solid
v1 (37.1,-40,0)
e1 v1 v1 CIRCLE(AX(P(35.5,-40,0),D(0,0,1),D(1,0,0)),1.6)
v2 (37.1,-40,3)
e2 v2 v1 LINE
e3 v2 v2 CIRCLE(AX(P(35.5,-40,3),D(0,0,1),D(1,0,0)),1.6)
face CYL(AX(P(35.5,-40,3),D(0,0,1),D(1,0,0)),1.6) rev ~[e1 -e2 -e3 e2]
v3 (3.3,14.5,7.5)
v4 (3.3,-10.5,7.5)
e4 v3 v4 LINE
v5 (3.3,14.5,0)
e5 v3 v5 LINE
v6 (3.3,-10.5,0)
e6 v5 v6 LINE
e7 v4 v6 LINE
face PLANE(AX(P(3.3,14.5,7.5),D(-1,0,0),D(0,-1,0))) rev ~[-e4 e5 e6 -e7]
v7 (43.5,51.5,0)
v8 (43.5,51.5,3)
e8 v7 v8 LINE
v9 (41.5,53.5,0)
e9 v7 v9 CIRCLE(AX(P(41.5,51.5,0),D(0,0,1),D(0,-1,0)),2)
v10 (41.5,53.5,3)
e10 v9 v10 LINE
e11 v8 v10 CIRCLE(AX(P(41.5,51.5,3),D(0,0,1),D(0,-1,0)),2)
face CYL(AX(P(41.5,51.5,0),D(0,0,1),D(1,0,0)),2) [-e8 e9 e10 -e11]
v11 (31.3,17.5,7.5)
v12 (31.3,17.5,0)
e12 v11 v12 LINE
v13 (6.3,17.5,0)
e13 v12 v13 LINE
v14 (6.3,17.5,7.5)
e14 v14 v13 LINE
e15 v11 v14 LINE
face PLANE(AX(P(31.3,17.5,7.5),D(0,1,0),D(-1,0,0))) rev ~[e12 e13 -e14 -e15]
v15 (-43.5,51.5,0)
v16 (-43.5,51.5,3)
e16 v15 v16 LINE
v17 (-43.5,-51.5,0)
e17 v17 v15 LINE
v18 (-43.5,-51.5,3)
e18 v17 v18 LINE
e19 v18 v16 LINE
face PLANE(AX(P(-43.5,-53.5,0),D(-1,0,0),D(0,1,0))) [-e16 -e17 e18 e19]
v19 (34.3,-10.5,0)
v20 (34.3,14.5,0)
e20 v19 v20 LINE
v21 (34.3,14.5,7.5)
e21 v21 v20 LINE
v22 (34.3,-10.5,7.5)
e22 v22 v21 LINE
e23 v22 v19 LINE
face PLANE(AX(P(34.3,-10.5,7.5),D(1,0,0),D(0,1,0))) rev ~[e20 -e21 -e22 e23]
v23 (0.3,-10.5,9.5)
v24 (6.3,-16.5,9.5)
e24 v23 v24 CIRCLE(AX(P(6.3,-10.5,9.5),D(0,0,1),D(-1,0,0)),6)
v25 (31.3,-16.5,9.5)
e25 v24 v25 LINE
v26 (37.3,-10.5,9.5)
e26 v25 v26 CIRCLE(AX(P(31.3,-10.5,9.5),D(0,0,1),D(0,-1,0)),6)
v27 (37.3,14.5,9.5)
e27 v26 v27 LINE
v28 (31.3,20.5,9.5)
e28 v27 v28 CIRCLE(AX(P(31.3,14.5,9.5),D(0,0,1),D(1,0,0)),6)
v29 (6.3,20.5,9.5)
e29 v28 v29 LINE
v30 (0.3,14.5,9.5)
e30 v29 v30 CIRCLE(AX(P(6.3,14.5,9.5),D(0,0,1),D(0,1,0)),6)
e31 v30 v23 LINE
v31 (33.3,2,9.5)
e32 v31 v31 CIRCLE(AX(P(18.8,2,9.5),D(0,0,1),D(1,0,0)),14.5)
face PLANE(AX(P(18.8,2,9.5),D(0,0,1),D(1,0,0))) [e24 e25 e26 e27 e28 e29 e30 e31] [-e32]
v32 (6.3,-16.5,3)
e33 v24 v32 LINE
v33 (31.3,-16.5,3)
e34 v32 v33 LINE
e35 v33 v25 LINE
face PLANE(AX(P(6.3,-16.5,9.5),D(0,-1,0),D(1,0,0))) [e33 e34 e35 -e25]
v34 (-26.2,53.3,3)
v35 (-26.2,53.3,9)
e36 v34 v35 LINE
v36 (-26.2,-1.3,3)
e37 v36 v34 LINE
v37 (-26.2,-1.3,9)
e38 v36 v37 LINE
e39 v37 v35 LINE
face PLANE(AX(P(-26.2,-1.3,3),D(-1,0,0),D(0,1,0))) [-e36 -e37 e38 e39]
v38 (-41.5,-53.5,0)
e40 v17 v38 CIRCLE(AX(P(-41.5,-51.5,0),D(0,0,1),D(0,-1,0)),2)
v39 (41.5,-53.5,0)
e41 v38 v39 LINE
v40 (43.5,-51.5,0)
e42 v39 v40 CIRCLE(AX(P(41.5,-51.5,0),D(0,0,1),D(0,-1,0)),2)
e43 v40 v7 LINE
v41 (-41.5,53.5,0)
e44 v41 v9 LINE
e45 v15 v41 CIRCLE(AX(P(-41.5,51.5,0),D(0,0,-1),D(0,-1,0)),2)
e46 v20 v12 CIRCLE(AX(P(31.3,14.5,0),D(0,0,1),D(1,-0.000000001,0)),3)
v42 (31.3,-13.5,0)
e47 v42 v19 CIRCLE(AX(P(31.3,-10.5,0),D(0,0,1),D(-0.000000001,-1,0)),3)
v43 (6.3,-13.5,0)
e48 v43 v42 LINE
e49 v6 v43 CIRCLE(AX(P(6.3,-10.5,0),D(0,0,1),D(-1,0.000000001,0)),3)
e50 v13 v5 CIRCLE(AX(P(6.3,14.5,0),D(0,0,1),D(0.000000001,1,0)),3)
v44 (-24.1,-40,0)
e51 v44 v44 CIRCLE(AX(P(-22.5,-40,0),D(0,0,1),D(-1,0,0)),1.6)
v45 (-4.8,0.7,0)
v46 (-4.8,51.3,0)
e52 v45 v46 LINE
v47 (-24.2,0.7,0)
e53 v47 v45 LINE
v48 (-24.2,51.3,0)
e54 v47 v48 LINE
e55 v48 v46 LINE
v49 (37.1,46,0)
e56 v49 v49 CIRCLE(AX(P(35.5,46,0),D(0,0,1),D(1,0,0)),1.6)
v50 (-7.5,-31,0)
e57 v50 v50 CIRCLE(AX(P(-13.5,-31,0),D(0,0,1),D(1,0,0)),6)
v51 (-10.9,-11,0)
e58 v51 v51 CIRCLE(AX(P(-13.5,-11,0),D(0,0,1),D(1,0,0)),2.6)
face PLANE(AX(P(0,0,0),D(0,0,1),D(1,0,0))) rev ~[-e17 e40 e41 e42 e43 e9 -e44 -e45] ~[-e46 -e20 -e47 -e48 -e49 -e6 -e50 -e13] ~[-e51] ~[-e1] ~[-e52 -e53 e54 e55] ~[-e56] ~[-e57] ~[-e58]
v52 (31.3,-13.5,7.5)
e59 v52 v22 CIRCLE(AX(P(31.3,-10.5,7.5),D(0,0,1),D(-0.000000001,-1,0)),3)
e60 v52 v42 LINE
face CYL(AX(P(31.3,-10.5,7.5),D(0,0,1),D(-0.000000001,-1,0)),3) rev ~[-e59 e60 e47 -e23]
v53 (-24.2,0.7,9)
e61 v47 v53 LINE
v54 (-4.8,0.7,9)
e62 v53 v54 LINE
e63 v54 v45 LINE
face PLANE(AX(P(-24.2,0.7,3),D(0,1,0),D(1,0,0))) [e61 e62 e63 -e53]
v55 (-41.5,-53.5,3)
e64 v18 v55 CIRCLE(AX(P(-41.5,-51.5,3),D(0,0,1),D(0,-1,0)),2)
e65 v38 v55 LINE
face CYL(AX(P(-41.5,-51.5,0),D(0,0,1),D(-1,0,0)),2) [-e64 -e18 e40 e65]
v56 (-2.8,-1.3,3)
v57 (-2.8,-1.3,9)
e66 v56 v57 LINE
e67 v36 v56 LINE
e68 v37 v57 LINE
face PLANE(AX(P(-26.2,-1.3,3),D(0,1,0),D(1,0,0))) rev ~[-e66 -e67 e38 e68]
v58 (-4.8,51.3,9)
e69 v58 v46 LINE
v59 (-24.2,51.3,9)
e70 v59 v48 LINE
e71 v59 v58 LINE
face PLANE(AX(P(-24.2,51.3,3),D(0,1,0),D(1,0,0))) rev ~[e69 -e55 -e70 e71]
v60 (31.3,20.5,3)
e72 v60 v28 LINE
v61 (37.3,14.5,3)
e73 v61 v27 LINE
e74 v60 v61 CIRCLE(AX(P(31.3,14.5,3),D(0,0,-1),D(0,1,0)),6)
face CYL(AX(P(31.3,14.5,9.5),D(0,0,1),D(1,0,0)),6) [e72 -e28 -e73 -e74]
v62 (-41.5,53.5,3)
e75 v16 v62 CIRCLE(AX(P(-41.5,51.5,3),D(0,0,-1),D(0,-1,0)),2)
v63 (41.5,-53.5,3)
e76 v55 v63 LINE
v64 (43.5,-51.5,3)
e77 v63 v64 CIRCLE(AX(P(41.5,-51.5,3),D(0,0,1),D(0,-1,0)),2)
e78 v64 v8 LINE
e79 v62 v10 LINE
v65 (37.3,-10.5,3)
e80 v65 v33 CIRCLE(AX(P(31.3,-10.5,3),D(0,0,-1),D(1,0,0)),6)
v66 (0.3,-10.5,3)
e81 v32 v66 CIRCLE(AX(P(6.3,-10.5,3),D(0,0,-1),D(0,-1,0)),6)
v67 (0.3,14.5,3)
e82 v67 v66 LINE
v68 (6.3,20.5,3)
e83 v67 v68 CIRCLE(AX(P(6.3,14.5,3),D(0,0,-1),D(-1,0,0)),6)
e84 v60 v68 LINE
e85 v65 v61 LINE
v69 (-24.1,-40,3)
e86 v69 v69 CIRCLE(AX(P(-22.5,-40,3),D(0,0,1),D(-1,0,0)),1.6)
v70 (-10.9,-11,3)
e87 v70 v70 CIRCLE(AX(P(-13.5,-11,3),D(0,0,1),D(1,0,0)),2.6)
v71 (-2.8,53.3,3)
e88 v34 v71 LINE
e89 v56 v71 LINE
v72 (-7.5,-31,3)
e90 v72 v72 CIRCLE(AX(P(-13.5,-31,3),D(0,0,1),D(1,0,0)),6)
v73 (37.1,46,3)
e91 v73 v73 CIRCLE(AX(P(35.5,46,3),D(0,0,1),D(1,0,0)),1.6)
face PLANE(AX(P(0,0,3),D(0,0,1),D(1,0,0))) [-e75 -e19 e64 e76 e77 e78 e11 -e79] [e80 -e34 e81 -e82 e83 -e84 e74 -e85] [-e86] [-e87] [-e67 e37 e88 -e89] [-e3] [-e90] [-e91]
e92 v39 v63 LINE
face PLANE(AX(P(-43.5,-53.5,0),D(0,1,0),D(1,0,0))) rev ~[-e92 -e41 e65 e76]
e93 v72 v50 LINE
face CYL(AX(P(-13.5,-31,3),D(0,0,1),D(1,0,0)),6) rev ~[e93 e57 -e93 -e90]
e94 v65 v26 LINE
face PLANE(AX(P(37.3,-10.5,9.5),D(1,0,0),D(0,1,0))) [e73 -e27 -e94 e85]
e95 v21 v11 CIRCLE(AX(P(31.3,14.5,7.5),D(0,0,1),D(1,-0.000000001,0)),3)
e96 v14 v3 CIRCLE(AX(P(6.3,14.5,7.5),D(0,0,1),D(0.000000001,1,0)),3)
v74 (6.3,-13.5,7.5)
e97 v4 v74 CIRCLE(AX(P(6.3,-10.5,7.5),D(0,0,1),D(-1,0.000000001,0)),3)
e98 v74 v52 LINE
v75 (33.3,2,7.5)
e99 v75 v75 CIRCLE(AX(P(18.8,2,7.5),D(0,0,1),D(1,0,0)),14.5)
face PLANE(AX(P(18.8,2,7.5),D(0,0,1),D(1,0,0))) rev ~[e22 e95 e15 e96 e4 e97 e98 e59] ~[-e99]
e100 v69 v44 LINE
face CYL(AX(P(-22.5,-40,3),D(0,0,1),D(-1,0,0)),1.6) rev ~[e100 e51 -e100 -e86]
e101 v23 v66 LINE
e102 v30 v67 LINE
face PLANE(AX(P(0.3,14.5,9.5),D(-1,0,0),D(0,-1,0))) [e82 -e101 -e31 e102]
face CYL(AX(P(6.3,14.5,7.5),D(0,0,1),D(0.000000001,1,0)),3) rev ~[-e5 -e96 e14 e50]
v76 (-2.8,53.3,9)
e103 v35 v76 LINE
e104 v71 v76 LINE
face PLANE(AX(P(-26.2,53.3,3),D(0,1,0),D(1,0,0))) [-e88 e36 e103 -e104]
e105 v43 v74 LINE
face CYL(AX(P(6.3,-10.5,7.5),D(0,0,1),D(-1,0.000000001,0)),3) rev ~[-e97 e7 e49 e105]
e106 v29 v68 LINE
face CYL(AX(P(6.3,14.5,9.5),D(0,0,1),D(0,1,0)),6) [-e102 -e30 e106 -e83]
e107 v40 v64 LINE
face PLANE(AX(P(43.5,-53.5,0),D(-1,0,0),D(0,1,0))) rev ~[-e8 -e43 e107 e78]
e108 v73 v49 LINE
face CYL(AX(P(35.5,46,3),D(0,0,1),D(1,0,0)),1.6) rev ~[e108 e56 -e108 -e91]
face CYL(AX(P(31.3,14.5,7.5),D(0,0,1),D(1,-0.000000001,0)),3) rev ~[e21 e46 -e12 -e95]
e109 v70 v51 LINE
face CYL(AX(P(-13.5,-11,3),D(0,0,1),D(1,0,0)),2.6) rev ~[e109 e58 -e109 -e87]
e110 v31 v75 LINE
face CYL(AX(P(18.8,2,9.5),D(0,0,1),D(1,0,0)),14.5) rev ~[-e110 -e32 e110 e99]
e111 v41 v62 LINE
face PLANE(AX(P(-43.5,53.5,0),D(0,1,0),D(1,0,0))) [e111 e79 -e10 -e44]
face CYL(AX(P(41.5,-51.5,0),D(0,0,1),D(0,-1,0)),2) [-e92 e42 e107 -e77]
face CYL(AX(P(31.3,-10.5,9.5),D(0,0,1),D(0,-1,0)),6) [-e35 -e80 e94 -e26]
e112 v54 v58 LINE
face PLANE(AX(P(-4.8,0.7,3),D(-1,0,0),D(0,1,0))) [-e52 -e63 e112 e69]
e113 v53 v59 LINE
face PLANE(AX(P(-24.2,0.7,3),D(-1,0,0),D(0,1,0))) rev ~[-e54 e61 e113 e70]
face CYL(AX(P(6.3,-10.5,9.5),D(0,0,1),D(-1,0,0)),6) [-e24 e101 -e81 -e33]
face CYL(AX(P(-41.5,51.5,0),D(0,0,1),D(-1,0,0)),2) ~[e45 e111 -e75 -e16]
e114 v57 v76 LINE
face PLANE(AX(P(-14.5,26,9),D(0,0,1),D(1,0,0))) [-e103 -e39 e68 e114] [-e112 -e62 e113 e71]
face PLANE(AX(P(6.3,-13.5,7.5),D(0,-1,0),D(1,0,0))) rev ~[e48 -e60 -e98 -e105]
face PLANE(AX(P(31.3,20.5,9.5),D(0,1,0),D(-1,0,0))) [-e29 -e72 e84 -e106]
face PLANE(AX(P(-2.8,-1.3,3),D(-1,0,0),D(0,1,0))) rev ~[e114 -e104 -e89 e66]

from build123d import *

# Parameters (mm, degrees)
IZIM1_W                 = 87
IZIM1_H                 = 107
TAPA_DEPTH              = 3
REDONDEO1_R             = 2
IZIM3_R                 = 1.6
HUECOSPLACA_DEPTH       = 3
IZIM2_R                 = 1.6
HUECODISIPADOR_DEPTH    = 3
HUECOFAN_DEPTH          = 10
SALIENTE_EXTRUIR4_START = 4.5
SALIENTE_EXTRUIR4_DEPTH = 4.5
SALIENTE_EXTRUIR5_START = -3
CROQUIS8_W              = 37.30700553
CROQUIS8_H              = 38.753013496
SALIENTE_EXTRUIR5_DEPTH = 3
SALIENTE_EXTRUIR6_START = 2
CROQUIS9_R              = 14.5
SALIENTE_EXTRUIR6_DEPTH = 2
CROQUIS10_R             = 2.6
CROQUIS10_R_2           = 6
LEDANDBUZZER_DEPTH      = 10
CROQUIS11_W             = 19.4
CROQUIS11_H             = 50.6
DISPLAY_DEPTH           = 10
CROQUIS12_W             = 23.4
CROQUIS12_H             = 54.6
CROQUIS12_W_2           = 19.4
CROQUIS12_H_2           = 50.6
SALIENTE_EXTRUIR7_DEPTH = 6


with BuildPart() as part:
    # Çizim1 → Tapa (new body)
    with BuildSketch(Plane.XY):
        Rectangle(IZIM1_W, IZIM1_H)
    extrude(amount=TAPA_DEPTH)

    # Redondeo1
    redondeo1_edges = [part.edges().sort_by_distance(p)[0] for p in [
        (43.5, -53.5, 1.5),
        (-43.5, -53.5, 1.5),
        (-43.5, 53.5, 1.5),
        (43.5, 53.5, 1.5),
    ]]
    fillet(redondeo1_edges, radius=REDONDEO1_R)

    # Çizim3 → HuecosPlaca (cut)
    with BuildSketch(Plane.XY.offset(3)):
        with Locations((35.5, 46)):
            Circle(IZIM3_R)
        with Locations((35.5, -40)):
            Circle(IZIM3_R)
        with Locations(Location((-22.5, 46, 0), (0, 0, 180))):
            Circle(IZIM3_R)
        with Locations(Location((-22.5, -40, 0), (0, 0, 180))):
            Circle(IZIM3_R)
    extrude(amount=-HUECOSPLACA_DEPTH, mode=Mode.SUBTRACT)

    # Çizim2 → HuecoDisipador (cut)
    with BuildSketch(Plane.XY.offset(3)):
        with Locations((34.8, 18)):
            Circle(IZIM2_R)
        with Locations((34.8, -14)):
            Circle(IZIM2_R)
        with Locations(Location((2.8, -14, 0), (0, 0, 180))):
            Circle(IZIM2_R)
        with Locations(Location((2.8, 18, 0), (0, 0, 180))):
            Circle(IZIM2_R)
    extrude(amount=-HUECODISIPADOR_DEPTH, mode=Mode.SUBTRACT)

    # Croquis1 → HuecoFan (cut)
    with BuildSketch(Plane.XY.offset(3)):
        with BuildLine():
            Line((6.3, -13.5), (31.3, -13.5))
            ThreePointArc((31.3, -13.5), (33.421320344, -12.621320344), (34.3, -10.5))
            Line((34.3, -10.5), (34.3, 14.5))
            ThreePointArc((34.3, 14.5), (33.421320344, 16.621320344), (31.3, 17.5))
            Line((31.3, 17.5), (6.3, 17.5))
            ThreePointArc((6.3, 17.5), (4.178679656, 16.621320344), (3.3, 14.5))
            Line((3.3, 14.5), (3.3, -10.5))
            ThreePointArc((3.3, -10.5), (4.178679656, -12.621320344), (6.3, -13.5))
        make_face()
    extrude(amount=-HUECOFAN_DEPTH, mode=Mode.SUBTRACT)

    # Croquis7 → Saliente-Extruir4 (add)
    with BuildSketch(Plane.XY.offset(3).offset(SALIENTE_EXTRUIR4_START)):
        with BuildLine():
            Line((6.3, -16.5), (31.3, -16.5))
            ThreePointArc((31.3, -16.5), (35.542640687, -14.742640687), (37.3, -10.5))
            Line((37.3, -10.5), (37.3, 14.5))
            ThreePointArc((37.3, 14.5), (35.542640687, 18.742640687), (31.3, 20.5))
            Line((31.3, 20.5), (6.3, 20.5))
            ThreePointArc((6.3, 20.5), (2.057359313, 18.742640687), (0.3, 14.5))
            Line((0.3, 14.5), (0.3, -10.5))
            ThreePointArc((0.3, -10.5), (2.057359313, -14.742640687), (6.3, -16.5))
        make_face()
        with BuildLine():
            Line((6.3, -13.5), (31.3, -13.5))
            ThreePointArc((31.3, -13.5), (33.421320344, -12.621320344), (34.3, -10.5))
            Line((34.3, -10.5), (34.3, 14.5))
            ThreePointArc((34.3, 14.5), (33.421320344, 16.621320344), (31.3, 17.5))
            Line((31.3, 17.5), (6.3, 17.5))
            ThreePointArc((6.3, 17.5), (4.178679656, 16.621320344), (3.3, 14.5))
            Line((3.3, 14.5), (3.3, -10.5))
            ThreePointArc((3.3, -10.5), (4.178679656, -12.621320344), (6.3, -13.5))
        make_face(mode=Mode.SUBTRACT)
    extrude(amount=-SALIENTE_EXTRUIR4_DEPTH)

    # Croquis8 → Saliente-Extruir5 (add)
    with BuildSketch(Plane(origin=(0, 0, 0), x_dir=(-1, 0, 0), z_dir=(0, 0, -1)).offset(SALIENTE_EXTRUIR5_START)):
        with Locations((-18.653502765, 2.530513941)):
            Rectangle(CROQUIS8_W, CROQUIS8_H)
        with BuildLine():
            Line((-3.3, -10.5), (-3.3, 14.5))
            ThreePointArc((-3.3, 14.5), (-4.178679656, 16.621320344), (-6.3, 17.5))
            Line((-6.3, 17.5), (-31.3, 17.5))
            ThreePointArc((-31.3, 17.5), (-33.421320344, 16.621320344), (-34.3, 14.5))
            Line((-34.3, 14.5), (-34.3, -10.5))
            ThreePointArc((-34.3, -10.5), (-33.421320344, -12.621320344), (-31.3, -13.5))
            Line((-31.3, -13.5), (-6.3, -13.5))
            ThreePointArc((-6.3, -13.5), (-4.178679656, -12.621320344), (-3.3, -10.5))
        make_face(mode=Mode.SUBTRACT)
    extrude(amount=SALIENTE_EXTRUIR5_DEPTH)

    # Croquis9 → Saliente-Extruir6 (add)
    with BuildSketch(Plane.XY.offset(7.5).offset(SALIENTE_EXTRUIR6_START)):
        with BuildLine():
            Line((6.3, -16.5), (31.3, -16.5))
            ThreePointArc((31.3, -16.5), (35.542640687, -14.742640687), (37.3, -10.5))
            Line((37.3, -10.5), (37.3, 14.5))
            ThreePointArc((37.3, 14.5), (35.542640687, 18.742640687), (31.3, 20.5))
            Line((31.3, 20.5), (6.3, 20.5))
            ThreePointArc((6.3, 20.5), (2.057359313, 18.742640687), (0.3, 14.5))
            Line((0.3, 14.5), (0.3, -10.5))
            ThreePointArc((0.3, -10.5), (2.057359313, -14.742640687), (6.3, -16.5))
        make_face()
        with Locations((18.8, 2)):
            Circle(CROQUIS9_R, mode=Mode.SUBTRACT)
    extrude(amount=-SALIENTE_EXTRUIR6_DEPTH)

    # Croquis10 → LEDandBUZZER (cut)
    with BuildSketch(Plane.XY.offset(3)):
        with Locations((-13.5, -11)):
            Circle(CROQUIS10_R)
        with Locations((-13.5, -31)):
            Circle(CROQUIS10_R_2)
    extrude(amount=-LEDANDBUZZER_DEPTH, mode=Mode.SUBTRACT)

    # Croquis11 → DISPLAY (cut)
    with BuildSketch(Plane.XY.offset(3)):
        with Locations((-14.5, 26)):
            Rectangle(CROQUIS11_W, CROQUIS11_H)
    extrude(amount=-DISPLAY_DEPTH, mode=Mode.SUBTRACT)

    # Croquis12 → Saliente-Extruir7 (add)
    with BuildSketch(Plane.XY.offset(3)):
        with Locations((-14.5, 26)):
            Rectangle(CROQUIS12_W, CROQUIS12_H)
        with Locations((-14.5, 26)):
            Rectangle(CROQUIS12_W_2, CROQUIS12_H_2, mode=Mode.SUBTRACT)
    extrude(amount=SALIENTE_EXTRUIR7_DEPTH)


solid = part.part
